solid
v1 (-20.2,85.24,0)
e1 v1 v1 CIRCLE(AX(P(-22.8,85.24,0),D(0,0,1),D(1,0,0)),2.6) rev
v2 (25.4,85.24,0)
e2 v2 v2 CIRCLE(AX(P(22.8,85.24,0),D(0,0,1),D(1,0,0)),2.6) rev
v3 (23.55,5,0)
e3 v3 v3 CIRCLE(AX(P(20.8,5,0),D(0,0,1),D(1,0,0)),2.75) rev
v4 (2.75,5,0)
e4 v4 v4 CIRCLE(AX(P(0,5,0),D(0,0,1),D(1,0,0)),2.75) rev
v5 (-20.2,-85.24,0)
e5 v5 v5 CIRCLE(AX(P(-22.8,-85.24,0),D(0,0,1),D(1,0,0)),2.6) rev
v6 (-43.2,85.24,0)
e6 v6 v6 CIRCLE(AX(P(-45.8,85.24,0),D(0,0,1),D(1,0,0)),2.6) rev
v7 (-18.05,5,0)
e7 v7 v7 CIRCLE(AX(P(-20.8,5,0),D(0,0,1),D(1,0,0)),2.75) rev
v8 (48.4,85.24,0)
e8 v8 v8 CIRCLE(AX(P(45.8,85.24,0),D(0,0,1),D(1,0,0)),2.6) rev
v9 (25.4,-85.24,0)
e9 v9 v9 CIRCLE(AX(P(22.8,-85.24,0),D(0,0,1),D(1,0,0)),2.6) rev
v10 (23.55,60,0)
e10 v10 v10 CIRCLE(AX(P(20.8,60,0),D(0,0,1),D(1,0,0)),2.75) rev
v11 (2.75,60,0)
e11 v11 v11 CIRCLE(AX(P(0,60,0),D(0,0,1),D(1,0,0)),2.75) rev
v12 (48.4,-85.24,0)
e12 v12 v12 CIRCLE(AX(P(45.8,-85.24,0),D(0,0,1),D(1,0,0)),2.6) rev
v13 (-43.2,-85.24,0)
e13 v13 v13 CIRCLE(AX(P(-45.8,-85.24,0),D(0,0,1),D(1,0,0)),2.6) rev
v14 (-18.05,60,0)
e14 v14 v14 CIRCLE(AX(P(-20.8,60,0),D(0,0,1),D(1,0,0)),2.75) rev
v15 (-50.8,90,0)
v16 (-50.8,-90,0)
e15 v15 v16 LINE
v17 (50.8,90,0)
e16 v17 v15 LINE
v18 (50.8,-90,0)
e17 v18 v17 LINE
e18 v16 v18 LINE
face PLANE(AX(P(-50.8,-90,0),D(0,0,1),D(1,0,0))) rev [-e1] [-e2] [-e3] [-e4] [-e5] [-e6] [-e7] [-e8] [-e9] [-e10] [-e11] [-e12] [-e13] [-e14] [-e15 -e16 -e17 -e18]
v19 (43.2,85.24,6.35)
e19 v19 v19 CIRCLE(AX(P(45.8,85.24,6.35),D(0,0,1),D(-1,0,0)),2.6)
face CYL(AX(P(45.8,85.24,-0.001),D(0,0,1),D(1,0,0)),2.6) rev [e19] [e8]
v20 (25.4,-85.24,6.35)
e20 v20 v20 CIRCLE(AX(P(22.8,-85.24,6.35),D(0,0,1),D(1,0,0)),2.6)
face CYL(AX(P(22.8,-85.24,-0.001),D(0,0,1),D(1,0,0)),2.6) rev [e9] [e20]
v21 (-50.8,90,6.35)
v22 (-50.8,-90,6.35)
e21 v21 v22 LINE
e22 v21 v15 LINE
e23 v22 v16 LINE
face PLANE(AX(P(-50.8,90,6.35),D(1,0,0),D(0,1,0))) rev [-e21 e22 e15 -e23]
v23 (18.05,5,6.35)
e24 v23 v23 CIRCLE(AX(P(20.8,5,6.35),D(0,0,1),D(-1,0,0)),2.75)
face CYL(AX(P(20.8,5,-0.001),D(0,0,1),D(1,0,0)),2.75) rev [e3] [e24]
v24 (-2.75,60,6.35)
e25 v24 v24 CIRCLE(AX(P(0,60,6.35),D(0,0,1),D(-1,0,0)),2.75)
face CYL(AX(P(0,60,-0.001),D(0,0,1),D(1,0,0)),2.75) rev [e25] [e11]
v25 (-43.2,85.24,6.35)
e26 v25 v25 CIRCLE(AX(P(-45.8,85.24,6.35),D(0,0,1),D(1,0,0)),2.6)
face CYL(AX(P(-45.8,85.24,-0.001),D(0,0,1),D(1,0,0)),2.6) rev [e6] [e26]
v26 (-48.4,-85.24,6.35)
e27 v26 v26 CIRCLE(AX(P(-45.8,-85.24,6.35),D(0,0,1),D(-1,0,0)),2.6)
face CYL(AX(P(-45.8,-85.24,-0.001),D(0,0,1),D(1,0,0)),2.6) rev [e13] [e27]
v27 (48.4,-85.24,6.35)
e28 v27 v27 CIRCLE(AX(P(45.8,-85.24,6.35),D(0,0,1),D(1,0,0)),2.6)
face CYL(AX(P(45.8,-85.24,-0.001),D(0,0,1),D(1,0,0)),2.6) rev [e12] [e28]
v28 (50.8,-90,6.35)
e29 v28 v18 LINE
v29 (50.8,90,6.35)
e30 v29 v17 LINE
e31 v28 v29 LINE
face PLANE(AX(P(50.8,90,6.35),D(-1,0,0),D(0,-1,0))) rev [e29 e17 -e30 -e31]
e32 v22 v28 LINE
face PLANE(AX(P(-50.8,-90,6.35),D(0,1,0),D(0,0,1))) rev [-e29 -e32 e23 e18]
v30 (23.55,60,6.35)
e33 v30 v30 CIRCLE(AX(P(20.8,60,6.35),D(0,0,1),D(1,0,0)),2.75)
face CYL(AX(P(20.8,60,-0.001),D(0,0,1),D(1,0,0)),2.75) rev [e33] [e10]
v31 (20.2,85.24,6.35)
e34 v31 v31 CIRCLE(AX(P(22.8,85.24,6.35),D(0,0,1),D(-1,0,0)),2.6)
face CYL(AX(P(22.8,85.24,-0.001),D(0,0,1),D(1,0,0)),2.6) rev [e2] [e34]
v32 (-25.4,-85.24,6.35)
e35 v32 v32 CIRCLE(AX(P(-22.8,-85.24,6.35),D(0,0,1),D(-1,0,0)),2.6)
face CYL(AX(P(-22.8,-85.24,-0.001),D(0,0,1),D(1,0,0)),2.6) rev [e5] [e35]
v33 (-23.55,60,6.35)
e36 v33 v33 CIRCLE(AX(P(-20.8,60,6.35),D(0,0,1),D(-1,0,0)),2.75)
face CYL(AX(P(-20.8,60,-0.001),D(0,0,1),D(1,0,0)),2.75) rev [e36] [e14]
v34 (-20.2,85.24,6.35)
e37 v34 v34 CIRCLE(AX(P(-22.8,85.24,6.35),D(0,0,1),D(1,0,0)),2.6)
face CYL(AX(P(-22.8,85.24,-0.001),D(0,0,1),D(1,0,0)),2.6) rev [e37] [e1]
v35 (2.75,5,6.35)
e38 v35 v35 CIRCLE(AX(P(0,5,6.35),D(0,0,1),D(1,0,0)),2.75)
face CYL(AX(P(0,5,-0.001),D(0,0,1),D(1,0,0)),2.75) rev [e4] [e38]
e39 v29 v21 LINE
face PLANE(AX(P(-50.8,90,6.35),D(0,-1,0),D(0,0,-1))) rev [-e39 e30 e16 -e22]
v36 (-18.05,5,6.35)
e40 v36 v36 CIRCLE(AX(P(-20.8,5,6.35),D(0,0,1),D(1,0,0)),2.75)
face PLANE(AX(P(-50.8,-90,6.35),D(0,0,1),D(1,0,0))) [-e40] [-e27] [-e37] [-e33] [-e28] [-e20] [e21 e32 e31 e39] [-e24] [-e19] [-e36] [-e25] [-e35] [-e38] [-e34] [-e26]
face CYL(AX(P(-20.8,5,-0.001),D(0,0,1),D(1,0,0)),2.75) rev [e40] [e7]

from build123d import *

# Parameters (mm, degrees)
ESBO_O1_W                = 101.6
ESBO_O1_H                = 180
RESSALTO_EXTRUS_O1_DEPTH = 6.35
CORTE_EXTRUS_O1_REACH    = 105.542
ESBO_O2_R                = 2.6
CORTE_EXTRUS_O2_REACH    = 105.542
ESBO_O3_R                = 2.75


with BuildPart() as part:
    # Esboço1 → Ressalto-extrusão1 (new body)
    with BuildSketch(Plane.XY):
        Rectangle(ESBO_O1_W, ESBO_O1_H)
    extrude(amount=RESSALTO_EXTRUS_O1_DEPTH)

    # Esboço2 → Corte-extrusão1 (cut, up to next)
    with BuildSketch(Plane.XY.offset(6.35), mode=Mode.PRIVATE) as corte_extrus_o1_sk1:
        with Locations((-45.8, 85.24)):
            Circle(ESBO_O2_R)
    corte_extrus_o1_tool1 = extrude(corte_extrus_o1_sk1.sketch, amount=-CORTE_EXTRUS_O1_REACH, mode=Mode.PRIVATE) & part.part
    # Esboço2 → Corte-extrusão1 (cut, up to next)
    with BuildSketch(Plane.XY.offset(6.35), mode=Mode.PRIVATE) as corte_extrus_o1_sk2:
        with Locations((-22.8, 85.24)):
            Circle(ESBO_O2_R)
    corte_extrus_o1_tool2 = extrude(corte_extrus_o1_sk2.sketch, amount=-CORTE_EXTRUS_O1_REACH, mode=Mode.PRIVATE) & part.part
    # Esboço2 → Corte-extrusão1 (cut, up to next)
    with BuildSketch(Plane.XY.offset(6.35), mode=Mode.PRIVATE) as corte_extrus_o1_sk3:
        with Locations((22.8, 85.24)):
            Circle(ESBO_O2_R)
    corte_extrus_o1_tool3 = extrude(corte_extrus_o1_sk3.sketch, amount=-CORTE_EXTRUS_O1_REACH, mode=Mode.PRIVATE) & part.part
    # Esboço2 → Corte-extrusão1 (cut, up to next)
    with BuildSketch(Plane.XY.offset(6.35), mode=Mode.PRIVATE) as corte_extrus_o1_sk4:
        with Locations((45.8, 85.24)):
            Circle(ESBO_O2_R)
    corte_extrus_o1_tool4 = extrude(corte_extrus_o1_sk4.sketch, amount=-CORTE_EXTRUS_O1_REACH, mode=Mode.PRIVATE) & part.part
    # Esboço2 → Corte-extrusão1 (cut, up to next)
    with BuildSketch(Plane.XY.offset(6.35), mode=Mode.PRIVATE) as corte_extrus_o1_sk5:
        with Locations((45.8, -85.24)):
            Circle(ESBO_O2_R)
    corte_extrus_o1_tool5 = extrude(corte_extrus_o1_sk5.sketch, amount=-CORTE_EXTRUS_O1_REACH, mode=Mode.PRIVATE) & part.part
    # Esboço2 → Corte-extrusão1 (cut, up to next)
    with BuildSketch(Plane.XY.offset(6.35), mode=Mode.PRIVATE) as corte_extrus_o1_sk6:
        with Locations((22.8, -85.24)):
            Circle(ESBO_O2_R)
    corte_extrus_o1_tool6 = extrude(corte_extrus_o1_sk6.sketch, amount=-CORTE_EXTRUS_O1_REACH, mode=Mode.PRIVATE) & part.part
    # Esboço2 → Corte-extrusão1 (cut, up to next)
    with BuildSketch(Plane.XY.offset(6.35), mode=Mode.PRIVATE) as corte_extrus_o1_sk7:
        with Locations((-22.8, -85.24)):
            Circle(ESBO_O2_R)
    corte_extrus_o1_tool7 = extrude(corte_extrus_o1_sk7.sketch, amount=-CORTE_EXTRUS_O1_REACH, mode=Mode.PRIVATE) & part.part
    # Esboço2 → Corte-extrusão1 (cut, up to next)
    with BuildSketch(Plane.XY.offset(6.35), mode=Mode.PRIVATE) as corte_extrus_o1_sk8:
        with Locations((-45.8, -85.24)):
            Circle(ESBO_O2_R)
    corte_extrus_o1_tool8 = extrude(corte_extrus_o1_sk8.sketch, amount=-CORTE_EXTRUS_O1_REACH, mode=Mode.PRIVATE) & part.part
    add(corte_extrus_o1_tool1.solids().sort_by_distance((-45.8, 85.24, 6.35))[0], mode=Mode.SUBTRACT)
    add(corte_extrus_o1_tool2.solids().sort_by_distance((-22.8, 85.24, 6.35))[0], mode=Mode.SUBTRACT)
    add(corte_extrus_o1_tool3.solids().sort_by_distance((22.8, 85.24, 6.35))[0], mode=Mode.SUBTRACT)
    add(corte_extrus_o1_tool4.solids().sort_by_distance((45.8, 85.24, 6.35))[0], mode=Mode.SUBTRACT)
    add(corte_extrus_o1_tool5.solids().sort_by_distance((45.8, -85.24, 6.35))[0], mode=Mode.SUBTRACT)
    add(corte_extrus_o1_tool6.solids().sort_by_distance((22.8, -85.24, 6.35))[0], mode=Mode.SUBTRACT)
    add(corte_extrus_o1_tool7.solids().sort_by_distance((-22.8, -85.24, 6.35))[0], mode=Mode.SUBTRACT)
    add(corte_extrus_o1_tool8.solids().sort_by_distance((-45.8, -85.24, 6.35))[0], mode=Mode.SUBTRACT)

    # Esboço3 → Corte-extrusão2 (cut, up to next)
    with BuildSketch(Plane.XY.offset(6.35), mode=Mode.PRIVATE) as corte_extrus_o2_sk1:
        with Locations((-20.8, 5)):
            Circle(ESBO_O3_R)
    corte_extrus_o2_tool1 = extrude(corte_extrus_o2_sk1.sketch, amount=-CORTE_EXTRUS_O2_REACH, mode=Mode.PRIVATE) & part.part
    # Esboço3 → Corte-extrusão2 (cut, up to next)
    with BuildSketch(Plane.XY.offset(6.35), mode=Mode.PRIVATE) as corte_extrus_o2_sk2:
        with Locations((0, 5)):
            Circle(ESBO_O3_R)
    corte_extrus_o2_tool2 = extrude(corte_extrus_o2_sk2.sketch, amount=-CORTE_EXTRUS_O2_REACH, mode=Mode.PRIVATE) & part.part
    # Esboço3 → Corte-extrusão2 (cut, up to next)
    with BuildSketch(Plane.XY.offset(6.35), mode=Mode.PRIVATE) as corte_extrus_o2_sk3:
        with Locations((20.8, 5)):
            Circle(ESBO_O3_R)
    corte_extrus_o2_tool3 = extrude(corte_extrus_o2_sk3.sketch, amount=-CORTE_EXTRUS_O2_REACH, mode=Mode.PRIVATE) & part.part
    # Esboço3 → Corte-extrusão2 (cut, up to next)
    with BuildSketch(Plane.XY.offset(6.35), mode=Mode.PRIVATE) as corte_extrus_o2_sk4:
        with Locations((20.8, 60)):
            Circle(ESBO_O3_R)
    corte_extrus_o2_tool4 = extrude(corte_extrus_o2_sk4.sketch, amount=-CORTE_EXTRUS_O2_REACH, mode=Mode.PRIVATE) & part.part
    # Esboço3 → Corte-extrusão2 (cut, up to next)
    with BuildSketch(Plane.XY.offset(6.35), mode=Mode.PRIVATE) as corte_extrus_o2_sk5:
        with Locations((0, 60)):
            Circle(ESBO_O3_R)
    corte_extrus_o2_tool5 = extrude(corte_extrus_o2_sk5.sketch, amount=-CORTE_EXTRUS_O2_REACH, mode=Mode.PRIVATE) & part.part
    # Esboço3 → Corte-extrusão2 (cut, up to next)
    with BuildSketch(Plane.XY.offset(6.35), mode=Mode.PRIVATE) as corte_extrus_o2_sk6:
        with Locations((-20.8, 60)):
            Circle(ESBO_O3_R)
    corte_extrus_o2_tool6 = extrude(corte_extrus_o2_sk6.sketch, amount=-CORTE_EXTRUS_O2_REACH, mode=Mode.PRIVATE) & part.part
    add(corte_extrus_o2_tool1.solids().sort_by_distance((-20.8, 5, 6.35))[0], mode=Mode.SUBTRACT)
    add(corte_extrus_o2_tool2.solids().sort_by_distance((0, 5, 6.35))[0], mode=Mode.SUBTRACT)
    add(corte_extrus_o2_tool3.solids().sort_by_distance((20.8, 5, 6.35))[0], mode=Mode.SUBTRACT)
    add(corte_extrus_o2_tool4.solids().sort_by_distance((20.8, 60, 6.35))[0], mode=Mode.SUBTRACT)
    add(corte_extrus_o2_tool5.solids().sort_by_distance((0, 60, 6.35))[0], mode=Mode.SUBTRACT)
    add(corte_extrus_o2_tool6.solids().sort_by_distance((-20.8, 60, 6.35))[0], mode=Mode.SUBTRACT)


solid = part.part
